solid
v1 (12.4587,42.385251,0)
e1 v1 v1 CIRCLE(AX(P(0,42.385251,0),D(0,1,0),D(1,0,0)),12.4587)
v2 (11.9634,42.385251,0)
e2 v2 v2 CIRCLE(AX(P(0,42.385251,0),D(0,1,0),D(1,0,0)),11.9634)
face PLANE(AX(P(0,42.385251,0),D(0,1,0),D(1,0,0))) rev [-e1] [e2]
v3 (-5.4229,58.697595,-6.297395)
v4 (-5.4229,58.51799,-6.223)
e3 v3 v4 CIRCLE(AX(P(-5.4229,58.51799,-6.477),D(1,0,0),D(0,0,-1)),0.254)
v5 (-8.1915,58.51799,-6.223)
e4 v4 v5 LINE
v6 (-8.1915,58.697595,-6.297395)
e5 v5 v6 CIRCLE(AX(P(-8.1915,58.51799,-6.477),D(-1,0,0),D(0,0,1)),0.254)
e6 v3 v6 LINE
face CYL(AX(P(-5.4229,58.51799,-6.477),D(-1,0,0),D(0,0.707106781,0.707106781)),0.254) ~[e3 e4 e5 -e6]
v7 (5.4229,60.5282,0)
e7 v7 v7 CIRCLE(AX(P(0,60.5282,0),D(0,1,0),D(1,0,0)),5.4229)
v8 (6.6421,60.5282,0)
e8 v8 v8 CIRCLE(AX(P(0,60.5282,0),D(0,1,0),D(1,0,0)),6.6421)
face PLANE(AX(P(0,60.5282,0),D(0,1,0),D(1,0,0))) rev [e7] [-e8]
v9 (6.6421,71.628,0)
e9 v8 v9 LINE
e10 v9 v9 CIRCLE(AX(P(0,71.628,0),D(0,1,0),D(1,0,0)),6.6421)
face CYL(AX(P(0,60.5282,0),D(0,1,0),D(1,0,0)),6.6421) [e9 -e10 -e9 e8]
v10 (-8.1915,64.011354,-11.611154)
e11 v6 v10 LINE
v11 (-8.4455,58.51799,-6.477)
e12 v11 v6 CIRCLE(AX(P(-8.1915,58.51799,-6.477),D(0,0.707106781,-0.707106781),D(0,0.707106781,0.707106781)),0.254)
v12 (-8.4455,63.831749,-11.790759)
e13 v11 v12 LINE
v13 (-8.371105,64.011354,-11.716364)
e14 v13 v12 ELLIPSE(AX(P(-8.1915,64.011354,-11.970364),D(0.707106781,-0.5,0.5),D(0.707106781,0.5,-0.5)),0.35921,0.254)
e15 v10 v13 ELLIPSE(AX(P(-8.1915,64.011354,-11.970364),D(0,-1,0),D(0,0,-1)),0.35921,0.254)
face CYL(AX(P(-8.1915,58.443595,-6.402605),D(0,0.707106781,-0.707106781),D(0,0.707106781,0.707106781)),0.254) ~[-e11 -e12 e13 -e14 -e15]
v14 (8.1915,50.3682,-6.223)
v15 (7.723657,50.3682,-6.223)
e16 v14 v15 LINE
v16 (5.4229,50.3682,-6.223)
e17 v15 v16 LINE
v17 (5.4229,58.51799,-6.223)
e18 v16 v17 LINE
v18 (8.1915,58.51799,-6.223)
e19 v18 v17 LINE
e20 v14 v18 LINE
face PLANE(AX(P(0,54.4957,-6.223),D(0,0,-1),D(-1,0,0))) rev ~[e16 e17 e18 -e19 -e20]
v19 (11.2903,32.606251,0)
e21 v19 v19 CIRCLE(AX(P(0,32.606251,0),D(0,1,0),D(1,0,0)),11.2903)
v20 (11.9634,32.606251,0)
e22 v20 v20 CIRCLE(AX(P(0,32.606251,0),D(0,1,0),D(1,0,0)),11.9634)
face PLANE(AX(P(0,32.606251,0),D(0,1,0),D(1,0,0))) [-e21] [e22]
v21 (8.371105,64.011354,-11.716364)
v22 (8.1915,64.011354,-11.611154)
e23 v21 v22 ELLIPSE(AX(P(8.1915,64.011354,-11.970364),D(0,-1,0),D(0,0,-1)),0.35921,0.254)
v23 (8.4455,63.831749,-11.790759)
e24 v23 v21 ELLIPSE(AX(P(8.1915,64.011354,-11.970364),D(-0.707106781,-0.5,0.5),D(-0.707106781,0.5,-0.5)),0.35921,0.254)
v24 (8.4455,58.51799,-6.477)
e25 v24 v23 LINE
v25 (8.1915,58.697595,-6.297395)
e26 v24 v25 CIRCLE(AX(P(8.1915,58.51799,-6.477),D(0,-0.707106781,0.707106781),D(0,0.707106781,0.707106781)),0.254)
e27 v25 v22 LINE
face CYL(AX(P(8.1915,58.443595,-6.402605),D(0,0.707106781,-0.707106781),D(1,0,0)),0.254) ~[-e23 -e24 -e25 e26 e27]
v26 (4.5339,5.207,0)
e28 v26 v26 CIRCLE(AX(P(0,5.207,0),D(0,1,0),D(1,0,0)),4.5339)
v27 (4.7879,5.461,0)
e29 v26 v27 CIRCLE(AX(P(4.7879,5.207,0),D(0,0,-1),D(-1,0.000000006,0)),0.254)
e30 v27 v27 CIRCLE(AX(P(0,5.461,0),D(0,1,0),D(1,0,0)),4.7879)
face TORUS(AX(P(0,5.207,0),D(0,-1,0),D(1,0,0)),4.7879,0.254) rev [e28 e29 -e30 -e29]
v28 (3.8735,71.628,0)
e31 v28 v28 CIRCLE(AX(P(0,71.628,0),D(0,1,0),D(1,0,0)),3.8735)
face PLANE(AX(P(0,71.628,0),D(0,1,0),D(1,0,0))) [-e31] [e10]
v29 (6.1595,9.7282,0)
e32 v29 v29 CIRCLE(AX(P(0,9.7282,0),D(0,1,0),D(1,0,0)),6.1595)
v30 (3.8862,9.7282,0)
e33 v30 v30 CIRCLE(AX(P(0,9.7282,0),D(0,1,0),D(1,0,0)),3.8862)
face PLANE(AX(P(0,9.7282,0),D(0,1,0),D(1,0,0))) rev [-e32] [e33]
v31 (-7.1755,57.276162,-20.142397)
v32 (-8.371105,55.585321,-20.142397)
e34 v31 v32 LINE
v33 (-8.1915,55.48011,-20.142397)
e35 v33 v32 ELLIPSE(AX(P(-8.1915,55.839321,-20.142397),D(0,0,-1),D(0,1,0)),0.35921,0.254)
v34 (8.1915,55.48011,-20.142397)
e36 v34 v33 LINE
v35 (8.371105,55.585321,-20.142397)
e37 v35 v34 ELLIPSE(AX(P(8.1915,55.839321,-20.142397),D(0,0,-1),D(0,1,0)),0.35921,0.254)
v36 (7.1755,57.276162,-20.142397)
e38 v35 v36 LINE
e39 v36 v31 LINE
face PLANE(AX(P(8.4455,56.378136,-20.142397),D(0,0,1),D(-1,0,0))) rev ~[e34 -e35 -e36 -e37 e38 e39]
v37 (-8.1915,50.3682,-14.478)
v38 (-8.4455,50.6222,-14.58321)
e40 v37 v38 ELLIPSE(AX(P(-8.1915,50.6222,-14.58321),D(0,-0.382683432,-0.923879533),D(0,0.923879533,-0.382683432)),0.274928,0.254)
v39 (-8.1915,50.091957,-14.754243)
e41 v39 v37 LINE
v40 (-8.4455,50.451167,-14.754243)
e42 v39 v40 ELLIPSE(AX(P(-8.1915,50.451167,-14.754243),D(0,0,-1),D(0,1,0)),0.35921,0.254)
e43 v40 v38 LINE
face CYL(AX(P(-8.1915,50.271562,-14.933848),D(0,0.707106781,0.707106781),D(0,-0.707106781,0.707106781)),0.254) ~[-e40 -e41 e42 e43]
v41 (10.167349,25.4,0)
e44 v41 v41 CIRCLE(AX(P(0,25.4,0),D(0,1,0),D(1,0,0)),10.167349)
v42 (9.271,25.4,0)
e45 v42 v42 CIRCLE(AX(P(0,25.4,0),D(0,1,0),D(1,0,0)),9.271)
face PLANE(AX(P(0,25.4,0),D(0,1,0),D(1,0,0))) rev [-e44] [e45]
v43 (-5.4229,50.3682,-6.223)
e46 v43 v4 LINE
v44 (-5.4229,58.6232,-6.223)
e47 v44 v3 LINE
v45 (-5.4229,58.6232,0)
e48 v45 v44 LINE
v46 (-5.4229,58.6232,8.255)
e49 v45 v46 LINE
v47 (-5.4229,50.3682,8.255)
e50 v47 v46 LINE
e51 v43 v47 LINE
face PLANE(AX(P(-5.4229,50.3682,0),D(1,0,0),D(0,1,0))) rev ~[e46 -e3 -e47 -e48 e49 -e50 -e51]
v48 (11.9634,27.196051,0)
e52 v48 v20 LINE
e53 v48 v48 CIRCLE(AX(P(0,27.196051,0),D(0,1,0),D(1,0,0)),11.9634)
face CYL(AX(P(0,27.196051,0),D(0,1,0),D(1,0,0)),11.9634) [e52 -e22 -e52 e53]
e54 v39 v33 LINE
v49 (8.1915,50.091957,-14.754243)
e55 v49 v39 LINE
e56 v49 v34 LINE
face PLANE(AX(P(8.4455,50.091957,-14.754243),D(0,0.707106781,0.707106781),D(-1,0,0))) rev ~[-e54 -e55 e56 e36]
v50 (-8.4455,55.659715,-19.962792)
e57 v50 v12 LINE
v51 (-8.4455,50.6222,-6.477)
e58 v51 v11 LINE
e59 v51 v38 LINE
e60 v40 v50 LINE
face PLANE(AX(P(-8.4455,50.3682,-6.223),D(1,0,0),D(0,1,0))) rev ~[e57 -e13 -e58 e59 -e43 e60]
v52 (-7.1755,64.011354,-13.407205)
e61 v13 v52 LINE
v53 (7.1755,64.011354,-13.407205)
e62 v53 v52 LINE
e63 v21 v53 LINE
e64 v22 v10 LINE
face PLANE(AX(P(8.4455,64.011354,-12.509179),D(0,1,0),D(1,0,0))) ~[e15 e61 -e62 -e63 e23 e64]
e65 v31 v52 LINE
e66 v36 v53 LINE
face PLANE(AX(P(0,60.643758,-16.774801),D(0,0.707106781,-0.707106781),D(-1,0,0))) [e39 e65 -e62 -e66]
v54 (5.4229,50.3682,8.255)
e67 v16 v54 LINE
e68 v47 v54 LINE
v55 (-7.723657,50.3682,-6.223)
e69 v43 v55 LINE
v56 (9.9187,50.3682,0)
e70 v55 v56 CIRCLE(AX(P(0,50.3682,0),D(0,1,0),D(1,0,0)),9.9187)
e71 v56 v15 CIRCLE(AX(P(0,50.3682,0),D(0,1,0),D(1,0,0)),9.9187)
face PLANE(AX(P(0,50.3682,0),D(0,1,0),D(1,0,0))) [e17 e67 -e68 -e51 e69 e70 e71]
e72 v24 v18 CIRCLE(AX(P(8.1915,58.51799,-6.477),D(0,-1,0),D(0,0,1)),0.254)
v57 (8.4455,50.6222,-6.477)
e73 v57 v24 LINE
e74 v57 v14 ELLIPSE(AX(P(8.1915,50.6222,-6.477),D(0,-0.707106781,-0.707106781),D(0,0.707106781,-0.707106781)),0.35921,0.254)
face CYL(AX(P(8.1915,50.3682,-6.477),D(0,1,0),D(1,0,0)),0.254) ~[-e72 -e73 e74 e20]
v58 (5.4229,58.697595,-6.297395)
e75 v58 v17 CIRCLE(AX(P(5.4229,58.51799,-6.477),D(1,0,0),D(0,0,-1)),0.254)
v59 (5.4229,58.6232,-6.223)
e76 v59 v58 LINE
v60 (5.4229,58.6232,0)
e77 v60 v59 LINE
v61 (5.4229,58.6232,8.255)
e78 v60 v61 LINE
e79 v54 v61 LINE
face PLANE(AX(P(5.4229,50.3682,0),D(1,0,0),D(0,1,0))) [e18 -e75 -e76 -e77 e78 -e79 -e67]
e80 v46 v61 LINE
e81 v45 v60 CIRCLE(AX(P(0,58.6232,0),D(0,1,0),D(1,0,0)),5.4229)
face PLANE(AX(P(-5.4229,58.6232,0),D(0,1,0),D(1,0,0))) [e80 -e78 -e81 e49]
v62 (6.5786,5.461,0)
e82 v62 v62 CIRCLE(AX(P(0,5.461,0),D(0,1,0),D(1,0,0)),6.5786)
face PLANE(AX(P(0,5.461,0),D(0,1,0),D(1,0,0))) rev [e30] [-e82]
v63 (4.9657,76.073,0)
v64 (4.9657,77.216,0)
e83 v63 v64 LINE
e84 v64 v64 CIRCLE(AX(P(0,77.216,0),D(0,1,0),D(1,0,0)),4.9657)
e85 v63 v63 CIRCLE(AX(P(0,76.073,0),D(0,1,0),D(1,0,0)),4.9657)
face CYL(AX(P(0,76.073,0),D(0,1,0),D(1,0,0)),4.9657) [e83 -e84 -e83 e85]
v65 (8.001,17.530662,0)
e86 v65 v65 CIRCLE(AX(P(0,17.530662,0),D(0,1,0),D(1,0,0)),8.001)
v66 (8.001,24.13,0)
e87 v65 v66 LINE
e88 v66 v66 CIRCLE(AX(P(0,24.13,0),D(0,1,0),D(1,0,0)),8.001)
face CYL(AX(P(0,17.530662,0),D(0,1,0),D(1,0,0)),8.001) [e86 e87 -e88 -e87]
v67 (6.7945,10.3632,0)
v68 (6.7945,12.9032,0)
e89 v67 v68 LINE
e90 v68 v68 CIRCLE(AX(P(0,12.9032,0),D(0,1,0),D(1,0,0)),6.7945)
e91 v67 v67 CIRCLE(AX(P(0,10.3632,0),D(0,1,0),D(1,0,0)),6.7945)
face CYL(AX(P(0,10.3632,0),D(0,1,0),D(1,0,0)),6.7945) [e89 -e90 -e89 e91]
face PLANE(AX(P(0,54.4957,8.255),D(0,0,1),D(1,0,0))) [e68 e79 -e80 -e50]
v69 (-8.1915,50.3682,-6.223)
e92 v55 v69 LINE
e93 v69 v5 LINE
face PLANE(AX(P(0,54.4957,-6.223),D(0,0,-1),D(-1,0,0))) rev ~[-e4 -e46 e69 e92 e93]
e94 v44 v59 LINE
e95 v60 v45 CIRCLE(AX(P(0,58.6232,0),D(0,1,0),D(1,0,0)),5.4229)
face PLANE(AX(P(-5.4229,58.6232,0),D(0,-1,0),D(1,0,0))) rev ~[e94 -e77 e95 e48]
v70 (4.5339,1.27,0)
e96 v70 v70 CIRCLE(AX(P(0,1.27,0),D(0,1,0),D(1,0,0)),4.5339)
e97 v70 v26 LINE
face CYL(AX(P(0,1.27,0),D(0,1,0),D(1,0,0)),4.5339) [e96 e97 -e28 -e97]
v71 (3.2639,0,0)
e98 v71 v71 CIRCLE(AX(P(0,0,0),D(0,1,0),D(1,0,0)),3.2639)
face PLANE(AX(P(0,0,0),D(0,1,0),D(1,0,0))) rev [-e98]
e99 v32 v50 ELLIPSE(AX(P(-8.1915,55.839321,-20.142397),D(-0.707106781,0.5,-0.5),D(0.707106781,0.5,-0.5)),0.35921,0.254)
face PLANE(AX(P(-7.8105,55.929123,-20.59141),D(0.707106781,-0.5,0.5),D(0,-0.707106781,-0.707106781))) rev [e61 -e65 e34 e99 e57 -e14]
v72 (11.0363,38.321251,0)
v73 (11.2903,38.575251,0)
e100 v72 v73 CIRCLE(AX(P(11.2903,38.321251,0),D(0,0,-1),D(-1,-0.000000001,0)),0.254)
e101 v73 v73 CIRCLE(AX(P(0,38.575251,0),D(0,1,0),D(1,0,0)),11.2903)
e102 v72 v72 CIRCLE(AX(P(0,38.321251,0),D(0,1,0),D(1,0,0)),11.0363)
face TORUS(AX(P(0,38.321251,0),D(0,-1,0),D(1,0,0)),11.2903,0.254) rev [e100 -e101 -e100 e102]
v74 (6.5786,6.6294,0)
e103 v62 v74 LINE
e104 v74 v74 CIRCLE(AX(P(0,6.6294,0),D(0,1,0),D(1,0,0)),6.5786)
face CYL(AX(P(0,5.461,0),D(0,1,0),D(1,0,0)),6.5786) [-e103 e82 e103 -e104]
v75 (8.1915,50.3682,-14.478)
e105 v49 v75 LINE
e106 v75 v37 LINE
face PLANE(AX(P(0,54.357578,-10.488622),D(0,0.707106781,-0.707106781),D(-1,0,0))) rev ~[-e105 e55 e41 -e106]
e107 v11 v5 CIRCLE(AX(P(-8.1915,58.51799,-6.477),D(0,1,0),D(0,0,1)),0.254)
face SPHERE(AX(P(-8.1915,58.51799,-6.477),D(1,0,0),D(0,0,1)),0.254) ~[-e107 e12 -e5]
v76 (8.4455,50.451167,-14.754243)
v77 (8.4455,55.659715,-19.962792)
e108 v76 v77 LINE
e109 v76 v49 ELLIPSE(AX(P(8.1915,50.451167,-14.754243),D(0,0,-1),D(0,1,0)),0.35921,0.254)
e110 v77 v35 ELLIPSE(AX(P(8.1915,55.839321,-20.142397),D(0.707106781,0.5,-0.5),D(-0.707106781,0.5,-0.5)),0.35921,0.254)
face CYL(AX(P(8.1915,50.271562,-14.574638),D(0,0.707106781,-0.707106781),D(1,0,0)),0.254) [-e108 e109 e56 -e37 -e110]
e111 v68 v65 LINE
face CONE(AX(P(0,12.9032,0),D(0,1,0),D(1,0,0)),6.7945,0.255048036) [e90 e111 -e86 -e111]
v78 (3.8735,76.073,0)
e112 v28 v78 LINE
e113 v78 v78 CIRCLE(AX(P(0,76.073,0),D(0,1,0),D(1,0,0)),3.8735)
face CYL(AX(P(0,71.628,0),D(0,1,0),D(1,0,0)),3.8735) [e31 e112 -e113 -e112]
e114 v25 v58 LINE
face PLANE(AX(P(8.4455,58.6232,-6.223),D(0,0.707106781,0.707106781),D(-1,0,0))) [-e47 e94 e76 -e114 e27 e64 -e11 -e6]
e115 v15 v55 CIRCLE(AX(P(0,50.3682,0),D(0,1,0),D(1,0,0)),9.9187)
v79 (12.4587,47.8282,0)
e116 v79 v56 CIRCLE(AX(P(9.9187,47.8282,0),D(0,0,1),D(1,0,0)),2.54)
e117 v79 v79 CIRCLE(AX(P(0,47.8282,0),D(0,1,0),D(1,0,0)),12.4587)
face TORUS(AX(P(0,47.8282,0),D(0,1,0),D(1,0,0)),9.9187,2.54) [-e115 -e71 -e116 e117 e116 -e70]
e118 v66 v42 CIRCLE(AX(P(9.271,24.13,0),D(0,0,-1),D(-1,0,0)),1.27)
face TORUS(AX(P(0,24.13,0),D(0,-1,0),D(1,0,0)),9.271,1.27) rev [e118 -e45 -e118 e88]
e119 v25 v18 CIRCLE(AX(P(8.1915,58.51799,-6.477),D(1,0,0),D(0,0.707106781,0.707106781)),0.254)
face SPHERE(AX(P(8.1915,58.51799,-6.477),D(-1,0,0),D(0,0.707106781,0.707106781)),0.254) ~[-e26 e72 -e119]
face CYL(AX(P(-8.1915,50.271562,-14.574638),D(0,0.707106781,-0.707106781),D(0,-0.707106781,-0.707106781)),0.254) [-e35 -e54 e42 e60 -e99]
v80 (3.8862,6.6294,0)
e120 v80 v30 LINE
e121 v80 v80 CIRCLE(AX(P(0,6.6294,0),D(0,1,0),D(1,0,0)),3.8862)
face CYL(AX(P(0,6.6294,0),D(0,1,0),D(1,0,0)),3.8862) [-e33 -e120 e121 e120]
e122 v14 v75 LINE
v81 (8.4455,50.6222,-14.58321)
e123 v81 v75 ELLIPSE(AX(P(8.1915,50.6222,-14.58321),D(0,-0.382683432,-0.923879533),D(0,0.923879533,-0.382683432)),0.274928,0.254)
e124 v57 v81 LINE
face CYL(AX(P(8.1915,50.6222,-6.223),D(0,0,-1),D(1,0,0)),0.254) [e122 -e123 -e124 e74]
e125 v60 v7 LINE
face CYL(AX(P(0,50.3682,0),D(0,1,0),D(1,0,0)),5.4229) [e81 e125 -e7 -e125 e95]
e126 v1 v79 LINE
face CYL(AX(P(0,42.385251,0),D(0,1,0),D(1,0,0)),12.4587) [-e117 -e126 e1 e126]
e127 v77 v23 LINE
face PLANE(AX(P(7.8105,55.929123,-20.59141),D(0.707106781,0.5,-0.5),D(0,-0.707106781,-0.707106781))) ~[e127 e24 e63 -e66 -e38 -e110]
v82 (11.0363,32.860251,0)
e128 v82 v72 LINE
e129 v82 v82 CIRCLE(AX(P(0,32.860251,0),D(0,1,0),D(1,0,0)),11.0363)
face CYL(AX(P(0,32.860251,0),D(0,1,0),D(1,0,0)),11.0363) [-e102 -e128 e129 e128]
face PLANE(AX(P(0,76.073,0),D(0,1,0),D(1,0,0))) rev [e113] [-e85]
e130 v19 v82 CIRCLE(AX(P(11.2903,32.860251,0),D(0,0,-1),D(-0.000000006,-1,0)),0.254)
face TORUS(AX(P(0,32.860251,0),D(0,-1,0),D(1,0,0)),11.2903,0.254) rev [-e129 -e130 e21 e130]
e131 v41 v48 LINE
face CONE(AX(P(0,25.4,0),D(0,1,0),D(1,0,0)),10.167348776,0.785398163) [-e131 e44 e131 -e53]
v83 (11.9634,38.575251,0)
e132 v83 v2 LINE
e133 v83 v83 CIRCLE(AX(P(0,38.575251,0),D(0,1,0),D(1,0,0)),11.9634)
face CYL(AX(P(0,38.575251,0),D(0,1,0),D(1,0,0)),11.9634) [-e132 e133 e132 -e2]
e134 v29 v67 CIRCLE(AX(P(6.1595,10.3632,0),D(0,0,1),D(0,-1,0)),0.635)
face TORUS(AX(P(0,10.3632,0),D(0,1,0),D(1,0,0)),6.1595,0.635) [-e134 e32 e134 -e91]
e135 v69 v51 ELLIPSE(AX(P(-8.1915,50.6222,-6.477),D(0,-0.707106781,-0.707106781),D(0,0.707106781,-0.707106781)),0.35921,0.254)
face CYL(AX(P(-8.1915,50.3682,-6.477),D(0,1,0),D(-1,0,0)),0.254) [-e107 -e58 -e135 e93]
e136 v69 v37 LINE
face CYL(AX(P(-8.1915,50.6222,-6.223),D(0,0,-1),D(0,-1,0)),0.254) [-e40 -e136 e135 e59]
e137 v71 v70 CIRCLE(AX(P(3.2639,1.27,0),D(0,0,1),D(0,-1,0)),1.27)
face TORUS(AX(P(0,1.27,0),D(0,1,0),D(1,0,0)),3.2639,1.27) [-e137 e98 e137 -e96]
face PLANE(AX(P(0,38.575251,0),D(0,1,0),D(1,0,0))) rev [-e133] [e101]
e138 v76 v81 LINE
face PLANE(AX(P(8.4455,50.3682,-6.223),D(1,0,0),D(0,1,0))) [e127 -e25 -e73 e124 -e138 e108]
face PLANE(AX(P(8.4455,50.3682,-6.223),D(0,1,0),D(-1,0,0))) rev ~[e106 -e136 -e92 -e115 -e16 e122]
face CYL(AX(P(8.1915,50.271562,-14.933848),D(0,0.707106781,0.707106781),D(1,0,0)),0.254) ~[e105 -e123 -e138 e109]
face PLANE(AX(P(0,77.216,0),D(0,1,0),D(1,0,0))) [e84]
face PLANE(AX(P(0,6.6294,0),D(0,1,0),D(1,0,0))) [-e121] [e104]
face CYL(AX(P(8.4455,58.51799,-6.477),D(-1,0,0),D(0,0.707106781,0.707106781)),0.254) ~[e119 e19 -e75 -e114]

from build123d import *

# Parameters (mm, degrees)
EXTRUDE1_DEPTH      = 8.255
EXTRUDE1_DEPTH_BACK = 6.223
SKETCH2_W           = 10.8458
SKETCH2_H           = 8.255
SKETCH3_W           = 16.891
SKETCH3_H           = 12.065
EXTRUDE2_DEPTH      = 8.89
EXTRUDE3_REACH      = 82.415
SKETCH4_W           = 16.891
SKETCH4_H           = 8.255
CHAMFER1_SIZE       = 1.27
FILLET5_R           = 0.254


with BuildPart() as part:
    # Sketch1 → Revolve1 (revolve)
    with BuildSketch(Plane.XY):
        with BuildLine():
            Line((0, 0), (3.2639, 0))
            ThreePointArc((3.2639, 0), (4.161925612, 0.371974388), (4.5339, 1.27))
            Line((4.5339, 1.27), (4.5339, 5.207))
            ThreePointArc((4.5339, 5.207), (4.608294878, 5.386605122), (4.7879, 5.461))
            Line((4.7879, 5.461), (6.5786, 5.461))
            Line((6.5786, 5.461), (6.5786, 6.6294))
            Line((6.5786, 6.6294), (3.8862, 6.6294))
            Line((3.8862, 6.6294), (3.8862, 9.7282))
            Line((3.8862, 9.7282), (6.1595, 9.7282))
            ThreePointArc((6.1595, 9.7282), (6.608512806, 9.914187194), (6.7945, 10.3632))
            Line((6.7945, 10.3632), (6.7945, 12.9032))
            Line((6.7945, 12.9032), (8.001, 17.530662025))
            Line((8.001, 17.530662025), (8.001, 24.13))
            ThreePointArc((8.001, 24.13), (8.372974388, 25.028025612), (9.271, 25.4))
            Line((9.271, 25.4), (10.167348776, 25.4))
            Line((10.167348776, 25.4), (11.9634, 27.196051224))
            Line((11.9634, 27.196051224), (11.9634, 32.606251224))
            Line((11.9634, 32.606251224), (11.2903, 32.606251224))
            ThreePointArc((11.2903, 32.606251224), (11.110694878, 32.680646102), (11.0363, 32.860251224))
            Line((11.0363, 32.860251224), (11.0363, 38.321251224))
            ThreePointArc((11.0363, 38.321251224), (11.110694878, 38.500856347), (11.2903, 38.575251224))
            Line((11.2903, 38.575251224), (11.9634, 38.575251224))
            Line((11.9634, 38.575251224), (11.9634, 42.385251224))
            Line((11.9634, 42.385251224), (12.4587, 42.385251224))
            Line((12.4587, 42.385251224), (12.4587, 47.8282))
            ThreePointArc((12.4587, 47.8282), (11.714751224, 49.624251224), (9.9187, 50.3682))
            Line((9.9187, 50.3682), (5.4229, 50.3682))
            Line((5.4229, 50.3682), (5.4229, 60.5282))
            Line((5.4229, 60.5282), (6.6421, 60.5282))
            Line((6.6421, 60.5282), (6.6421, 71.628))
            Line((6.6421, 71.628), (3.8735, 71.628))
            Line((3.8735, 71.628), (3.8735, 76.073))
            Line((3.8735, 76.073), (4.9657, 76.073))
            Line((4.9657, 76.073), (4.9657, 77.216))
            Line((4.9657, 77.216), (0, 77.216))
            Line((0, 77.216), (0, 0))
        make_face()
    revolve(axis=Axis((0, 0, 0), (0, 1, 0)))

    # Sketch2 → Extrude1 (add, two sides: drawn at the far end of the back side and taken through both)
    with BuildSketch(Plane.XY.offset(-EXTRUDE1_DEPTH_BACK)):
        with Locations((0, 54.4957)):
            Rectangle(SKETCH2_W, SKETCH2_H)
    extrude(amount=EXTRUDE1_DEPTH + EXTRUDE1_DEPTH_BACK)


with BuildPart() as body_2:
    # Sketch3 → Extrude2 (new body)
    with BuildSketch(Plane(origin=(0, 32.4231, -32.4231), x_dir=(-1, 0, 0), z_dir=(0, 0.7071067811865389, -0.7071067811865562))):
        with Locations((0, 31.020036756)):
            Rectangle(SKETCH3_W, SKETCH3_H)
    extrude(amount=EXTRUDE2_DEPTH)

    # Extrude3: up to this face of the body (flat: up to its plane)
    extrude3_end = Plane(body_2.part.faces().sort_by_distance((0, 54.357578342, -10.488621658))[0])
    # Sketch4 → Extrude3 (add, up to the picked face)
    with BuildSketch(Plane(origin=(0, 0, -6.223), x_dir=(-1, 0, 0), z_dir=(0, 0, -1)), mode=Mode.PRIVATE) as extrude3_sk1:
        with Locations((0, 54.4957)):
            Rectangle(SKETCH4_W, SKETCH4_H)
    extrude3_tool1 = split(extrude(extrude3_sk1.sketch, amount=EXTRUDE3_REACH, mode=Mode.PRIVATE), bisect_by=extrude3_end, keep=Keep.BOTH, mode=Mode.PRIVATE)

    add(part.part)  # Extrude3 merges part
    add(extrude3_tool1.solids().sort_by(Axis((0, 54.4957, -6.223), (0, 0, -1)))[0])

    # Chamfer1
    chamfer1_edges = [body_2.edges().sort_by_distance(p)[0] for p in [
        (8.4455, 60.643757627, -16.774800942),
        (0, 64.909379285, -12.509179285),
        (-8.4455, 60.643757627, -16.774800942),
        (0, 56.37813597, -21.0404226),
    ]]
    chamfer(chamfer1_edges, length=CHAMFER1_SIZE)

    # Fillet5
    fillet5_edges = [body_2.edges().sort_by_distance(p)[0] for p in [
        (-8.4455, 50.3682, -10.3505),
        (8.4455, 50.3682, -10.3505),
        (8.4455, 61.317276836, -8.917076836),
        (8.4455, 54.4957, -6.223),
        (6.9342, 58.6232, -6.223),
        (-6.9342, 58.6232, -6.223),
        (-8.4455, 54.4957, -6.223),
        (-8.4455, 61.317276836, -8.917076836),
        (-8.4455, 50.230078342, -14.616121658),
        (-8.4455, 52.786033521, -17.448320151),
        (8.4455, 50.230078342, -14.616121658),
        (8.4455, 52.786033521, -17.448320151),
    ]]
    fillet(fillet5_edges, radius=FILLET5_R)


solid = body_2.part
